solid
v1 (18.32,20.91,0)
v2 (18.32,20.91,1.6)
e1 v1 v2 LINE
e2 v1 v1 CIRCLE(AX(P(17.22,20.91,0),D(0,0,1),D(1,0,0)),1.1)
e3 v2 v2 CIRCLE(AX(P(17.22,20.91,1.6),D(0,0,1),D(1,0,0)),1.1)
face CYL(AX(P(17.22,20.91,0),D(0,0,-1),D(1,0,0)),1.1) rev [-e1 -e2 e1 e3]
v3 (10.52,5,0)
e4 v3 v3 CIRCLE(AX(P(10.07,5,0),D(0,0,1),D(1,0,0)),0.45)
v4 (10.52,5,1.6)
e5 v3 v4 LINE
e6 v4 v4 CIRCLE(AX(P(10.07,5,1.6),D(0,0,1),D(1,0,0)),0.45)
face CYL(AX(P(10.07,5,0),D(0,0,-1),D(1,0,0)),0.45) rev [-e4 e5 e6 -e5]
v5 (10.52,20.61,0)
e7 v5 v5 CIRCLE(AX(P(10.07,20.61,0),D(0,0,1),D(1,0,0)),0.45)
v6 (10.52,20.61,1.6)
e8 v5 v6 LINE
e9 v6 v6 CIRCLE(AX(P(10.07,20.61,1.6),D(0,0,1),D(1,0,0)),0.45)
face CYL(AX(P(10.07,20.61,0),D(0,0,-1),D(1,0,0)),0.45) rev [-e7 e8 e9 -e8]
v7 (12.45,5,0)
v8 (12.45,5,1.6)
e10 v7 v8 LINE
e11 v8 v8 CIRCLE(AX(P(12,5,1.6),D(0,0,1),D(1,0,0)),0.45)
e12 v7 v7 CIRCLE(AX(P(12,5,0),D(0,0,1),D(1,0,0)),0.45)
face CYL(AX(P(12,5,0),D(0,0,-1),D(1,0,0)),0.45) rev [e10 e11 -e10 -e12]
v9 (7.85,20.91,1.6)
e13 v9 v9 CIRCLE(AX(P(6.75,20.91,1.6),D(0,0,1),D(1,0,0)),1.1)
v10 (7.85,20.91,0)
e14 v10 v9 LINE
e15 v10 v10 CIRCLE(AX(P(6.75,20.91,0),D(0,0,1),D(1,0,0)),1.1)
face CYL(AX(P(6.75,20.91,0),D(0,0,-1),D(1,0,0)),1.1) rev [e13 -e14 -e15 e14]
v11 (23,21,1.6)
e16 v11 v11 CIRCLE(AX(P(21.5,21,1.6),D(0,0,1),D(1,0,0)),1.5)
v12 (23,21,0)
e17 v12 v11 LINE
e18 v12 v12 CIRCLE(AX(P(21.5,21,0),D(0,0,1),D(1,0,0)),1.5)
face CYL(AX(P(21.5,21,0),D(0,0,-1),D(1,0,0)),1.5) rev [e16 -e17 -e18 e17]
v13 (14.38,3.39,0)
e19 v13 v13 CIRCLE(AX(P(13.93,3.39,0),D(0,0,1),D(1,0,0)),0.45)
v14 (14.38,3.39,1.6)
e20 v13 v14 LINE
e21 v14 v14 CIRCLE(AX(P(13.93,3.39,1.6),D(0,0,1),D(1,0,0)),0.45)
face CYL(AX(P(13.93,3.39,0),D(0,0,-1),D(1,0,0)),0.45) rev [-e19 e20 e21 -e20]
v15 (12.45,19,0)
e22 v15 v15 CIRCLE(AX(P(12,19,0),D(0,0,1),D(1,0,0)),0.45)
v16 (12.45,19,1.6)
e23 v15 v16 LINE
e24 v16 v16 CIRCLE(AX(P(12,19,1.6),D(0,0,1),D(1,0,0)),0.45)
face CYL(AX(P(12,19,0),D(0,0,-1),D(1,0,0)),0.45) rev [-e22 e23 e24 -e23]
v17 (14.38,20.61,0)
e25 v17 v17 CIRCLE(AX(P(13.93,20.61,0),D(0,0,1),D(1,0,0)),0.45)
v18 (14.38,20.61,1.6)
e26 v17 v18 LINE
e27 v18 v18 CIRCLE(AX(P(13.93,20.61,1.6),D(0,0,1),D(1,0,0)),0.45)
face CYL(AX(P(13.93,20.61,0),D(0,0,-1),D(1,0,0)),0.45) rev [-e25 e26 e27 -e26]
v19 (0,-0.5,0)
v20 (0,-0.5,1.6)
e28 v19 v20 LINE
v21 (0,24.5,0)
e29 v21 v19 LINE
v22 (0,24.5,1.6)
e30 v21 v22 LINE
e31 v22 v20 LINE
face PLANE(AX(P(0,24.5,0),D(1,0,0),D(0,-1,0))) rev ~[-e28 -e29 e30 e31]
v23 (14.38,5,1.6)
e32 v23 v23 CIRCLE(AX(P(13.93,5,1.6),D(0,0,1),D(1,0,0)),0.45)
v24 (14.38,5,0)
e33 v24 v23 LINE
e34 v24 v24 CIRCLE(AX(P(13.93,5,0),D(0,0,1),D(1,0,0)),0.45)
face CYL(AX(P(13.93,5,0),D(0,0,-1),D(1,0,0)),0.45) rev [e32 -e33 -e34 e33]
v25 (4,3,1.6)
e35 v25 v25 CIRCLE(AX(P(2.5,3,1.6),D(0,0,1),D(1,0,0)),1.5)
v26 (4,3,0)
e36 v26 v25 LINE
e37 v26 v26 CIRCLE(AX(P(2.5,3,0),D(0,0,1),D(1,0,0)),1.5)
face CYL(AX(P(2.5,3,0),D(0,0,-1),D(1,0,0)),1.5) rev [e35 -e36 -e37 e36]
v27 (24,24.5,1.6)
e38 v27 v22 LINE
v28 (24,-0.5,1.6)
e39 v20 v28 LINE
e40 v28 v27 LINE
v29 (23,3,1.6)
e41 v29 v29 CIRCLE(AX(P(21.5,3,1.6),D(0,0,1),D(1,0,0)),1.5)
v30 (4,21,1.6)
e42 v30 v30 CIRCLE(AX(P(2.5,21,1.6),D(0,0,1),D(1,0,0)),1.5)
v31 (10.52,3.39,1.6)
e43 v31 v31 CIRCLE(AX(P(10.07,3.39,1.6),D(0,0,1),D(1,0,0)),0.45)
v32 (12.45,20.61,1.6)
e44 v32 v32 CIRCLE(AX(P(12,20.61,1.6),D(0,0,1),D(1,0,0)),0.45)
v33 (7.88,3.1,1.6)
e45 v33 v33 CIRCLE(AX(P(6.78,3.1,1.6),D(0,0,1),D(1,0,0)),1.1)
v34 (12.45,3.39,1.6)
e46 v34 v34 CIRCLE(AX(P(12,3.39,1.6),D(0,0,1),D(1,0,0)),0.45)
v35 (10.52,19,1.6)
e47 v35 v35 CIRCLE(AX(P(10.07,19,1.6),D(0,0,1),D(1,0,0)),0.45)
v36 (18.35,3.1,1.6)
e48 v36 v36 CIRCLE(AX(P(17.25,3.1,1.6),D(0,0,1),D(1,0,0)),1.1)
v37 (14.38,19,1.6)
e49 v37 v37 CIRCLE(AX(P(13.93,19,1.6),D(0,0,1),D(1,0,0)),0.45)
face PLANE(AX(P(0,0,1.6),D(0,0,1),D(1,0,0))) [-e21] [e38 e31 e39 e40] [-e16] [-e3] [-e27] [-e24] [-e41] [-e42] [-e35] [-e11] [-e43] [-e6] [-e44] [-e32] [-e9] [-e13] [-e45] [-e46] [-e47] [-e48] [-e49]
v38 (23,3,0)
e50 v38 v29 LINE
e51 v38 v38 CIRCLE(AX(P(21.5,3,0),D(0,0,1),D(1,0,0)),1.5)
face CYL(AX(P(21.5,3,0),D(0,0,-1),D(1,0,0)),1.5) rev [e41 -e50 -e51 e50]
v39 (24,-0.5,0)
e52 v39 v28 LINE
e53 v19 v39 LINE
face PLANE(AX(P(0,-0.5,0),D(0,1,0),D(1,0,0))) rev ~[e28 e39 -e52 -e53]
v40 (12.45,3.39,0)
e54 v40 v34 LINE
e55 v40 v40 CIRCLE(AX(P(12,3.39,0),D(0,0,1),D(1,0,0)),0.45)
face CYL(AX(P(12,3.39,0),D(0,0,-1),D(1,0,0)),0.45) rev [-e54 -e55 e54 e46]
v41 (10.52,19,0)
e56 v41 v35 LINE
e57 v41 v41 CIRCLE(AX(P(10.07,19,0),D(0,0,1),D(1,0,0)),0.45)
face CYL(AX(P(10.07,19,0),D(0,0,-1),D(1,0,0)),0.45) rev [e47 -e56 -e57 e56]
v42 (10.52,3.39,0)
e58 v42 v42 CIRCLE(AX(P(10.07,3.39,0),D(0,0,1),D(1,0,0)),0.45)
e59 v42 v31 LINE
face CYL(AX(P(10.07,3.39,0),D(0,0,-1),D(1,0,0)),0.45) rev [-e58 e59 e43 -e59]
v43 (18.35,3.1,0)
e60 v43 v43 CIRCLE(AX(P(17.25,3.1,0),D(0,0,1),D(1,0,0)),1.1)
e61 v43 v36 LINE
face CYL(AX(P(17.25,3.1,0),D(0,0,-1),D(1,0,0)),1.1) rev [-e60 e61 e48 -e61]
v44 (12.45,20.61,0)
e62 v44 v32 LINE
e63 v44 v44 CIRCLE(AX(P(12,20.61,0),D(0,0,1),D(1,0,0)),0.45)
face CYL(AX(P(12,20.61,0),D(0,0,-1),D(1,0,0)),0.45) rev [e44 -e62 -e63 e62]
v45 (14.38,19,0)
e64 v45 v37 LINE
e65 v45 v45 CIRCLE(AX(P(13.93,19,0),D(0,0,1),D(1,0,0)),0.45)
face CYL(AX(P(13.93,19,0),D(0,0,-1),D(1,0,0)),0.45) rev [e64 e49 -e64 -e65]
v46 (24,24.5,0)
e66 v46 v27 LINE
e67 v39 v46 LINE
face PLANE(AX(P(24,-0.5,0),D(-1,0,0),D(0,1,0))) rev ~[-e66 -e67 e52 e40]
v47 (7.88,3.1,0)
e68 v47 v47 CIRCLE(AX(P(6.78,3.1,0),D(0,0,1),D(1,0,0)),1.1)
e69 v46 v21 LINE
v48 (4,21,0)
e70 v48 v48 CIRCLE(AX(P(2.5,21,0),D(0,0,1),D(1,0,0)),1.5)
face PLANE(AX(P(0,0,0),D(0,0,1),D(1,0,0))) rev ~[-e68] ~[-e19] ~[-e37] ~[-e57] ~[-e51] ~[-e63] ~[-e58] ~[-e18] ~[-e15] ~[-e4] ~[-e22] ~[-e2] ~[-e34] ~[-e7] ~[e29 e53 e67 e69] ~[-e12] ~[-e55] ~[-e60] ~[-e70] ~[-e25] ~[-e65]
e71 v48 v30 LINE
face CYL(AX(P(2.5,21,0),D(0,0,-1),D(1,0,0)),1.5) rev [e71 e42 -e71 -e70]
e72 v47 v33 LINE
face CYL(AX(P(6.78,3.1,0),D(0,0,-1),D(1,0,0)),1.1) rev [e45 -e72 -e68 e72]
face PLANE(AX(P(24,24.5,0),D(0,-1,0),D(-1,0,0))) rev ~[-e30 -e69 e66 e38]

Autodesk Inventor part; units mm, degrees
ref_plane "YZ Plane" through (0, 0, 0) normal (1, 0, 0) x (0, 1, 0)
ref_plane "XZ Plane" through (0, 0, 0) normal (0, 1, 0) x (-1, 0, 0)
ref_plane "XY Plane" through (0, 0, 0) normal (0, 0, 1) x (1, 0, 0)
sketch "Sketch1" plane through (0, 0, 0) normal (0, 0, 1) x (1, 0, 0)
  line L0 (0, -0.5) -> (24, -0.5)
  line L1 (24, -0.5) -> (24, 24.5)
  line L2 (24, 24.5) -> (0, 24.5)
  line L3 (0, 24.5) -> (0, -0.5)
  circle A0 centre (13.93, 20.61) radius 0.45
  circle A1 centre (17.22, 20.91) radius 1.1
  circle A2 centre (6.75, 20.91) radius 1.1
  circle A3 centre (13.93, 19) radius 0.45
  circle A4 centre (12, 20.61) radius 0.45
  circle A5 centre (12, 19) radius 0.45
  circle A6 centre (10.07, 20.61) radius 0.45
  circle A7 centre (10.07, 19) radius 0.45
  circle A8 centre (10.07, 3.39) radius 0.45
  circle A9 centre (6.78, 3.1) radius 1.1
  circle A10 centre (17.25, 3.1) radius 1.1
  circle A11 centre (10.07, 5) radius 0.45
  circle A12 centre (12, 3.39) radius 0.45
  circle A13 centre (12, 5) radius 0.45
  circle A14 centre (13.93, 3.39) radius 0.45
  circle A15 centre (13.93, 5) radius 0.45
  circle A16 centre (2.5, 21) radius 1.5
  circle A17 centre (21.5, 21) radius 1.5
  circle A18 centre (21.5, 3) radius 1.5
  circle A19 centre (2.5, 3) radius 1.5
extrude "untitled.brd_Outline" add sketch "Sketch1" along normal blind 1.6
properties part number "untitled.brd_Outline"
